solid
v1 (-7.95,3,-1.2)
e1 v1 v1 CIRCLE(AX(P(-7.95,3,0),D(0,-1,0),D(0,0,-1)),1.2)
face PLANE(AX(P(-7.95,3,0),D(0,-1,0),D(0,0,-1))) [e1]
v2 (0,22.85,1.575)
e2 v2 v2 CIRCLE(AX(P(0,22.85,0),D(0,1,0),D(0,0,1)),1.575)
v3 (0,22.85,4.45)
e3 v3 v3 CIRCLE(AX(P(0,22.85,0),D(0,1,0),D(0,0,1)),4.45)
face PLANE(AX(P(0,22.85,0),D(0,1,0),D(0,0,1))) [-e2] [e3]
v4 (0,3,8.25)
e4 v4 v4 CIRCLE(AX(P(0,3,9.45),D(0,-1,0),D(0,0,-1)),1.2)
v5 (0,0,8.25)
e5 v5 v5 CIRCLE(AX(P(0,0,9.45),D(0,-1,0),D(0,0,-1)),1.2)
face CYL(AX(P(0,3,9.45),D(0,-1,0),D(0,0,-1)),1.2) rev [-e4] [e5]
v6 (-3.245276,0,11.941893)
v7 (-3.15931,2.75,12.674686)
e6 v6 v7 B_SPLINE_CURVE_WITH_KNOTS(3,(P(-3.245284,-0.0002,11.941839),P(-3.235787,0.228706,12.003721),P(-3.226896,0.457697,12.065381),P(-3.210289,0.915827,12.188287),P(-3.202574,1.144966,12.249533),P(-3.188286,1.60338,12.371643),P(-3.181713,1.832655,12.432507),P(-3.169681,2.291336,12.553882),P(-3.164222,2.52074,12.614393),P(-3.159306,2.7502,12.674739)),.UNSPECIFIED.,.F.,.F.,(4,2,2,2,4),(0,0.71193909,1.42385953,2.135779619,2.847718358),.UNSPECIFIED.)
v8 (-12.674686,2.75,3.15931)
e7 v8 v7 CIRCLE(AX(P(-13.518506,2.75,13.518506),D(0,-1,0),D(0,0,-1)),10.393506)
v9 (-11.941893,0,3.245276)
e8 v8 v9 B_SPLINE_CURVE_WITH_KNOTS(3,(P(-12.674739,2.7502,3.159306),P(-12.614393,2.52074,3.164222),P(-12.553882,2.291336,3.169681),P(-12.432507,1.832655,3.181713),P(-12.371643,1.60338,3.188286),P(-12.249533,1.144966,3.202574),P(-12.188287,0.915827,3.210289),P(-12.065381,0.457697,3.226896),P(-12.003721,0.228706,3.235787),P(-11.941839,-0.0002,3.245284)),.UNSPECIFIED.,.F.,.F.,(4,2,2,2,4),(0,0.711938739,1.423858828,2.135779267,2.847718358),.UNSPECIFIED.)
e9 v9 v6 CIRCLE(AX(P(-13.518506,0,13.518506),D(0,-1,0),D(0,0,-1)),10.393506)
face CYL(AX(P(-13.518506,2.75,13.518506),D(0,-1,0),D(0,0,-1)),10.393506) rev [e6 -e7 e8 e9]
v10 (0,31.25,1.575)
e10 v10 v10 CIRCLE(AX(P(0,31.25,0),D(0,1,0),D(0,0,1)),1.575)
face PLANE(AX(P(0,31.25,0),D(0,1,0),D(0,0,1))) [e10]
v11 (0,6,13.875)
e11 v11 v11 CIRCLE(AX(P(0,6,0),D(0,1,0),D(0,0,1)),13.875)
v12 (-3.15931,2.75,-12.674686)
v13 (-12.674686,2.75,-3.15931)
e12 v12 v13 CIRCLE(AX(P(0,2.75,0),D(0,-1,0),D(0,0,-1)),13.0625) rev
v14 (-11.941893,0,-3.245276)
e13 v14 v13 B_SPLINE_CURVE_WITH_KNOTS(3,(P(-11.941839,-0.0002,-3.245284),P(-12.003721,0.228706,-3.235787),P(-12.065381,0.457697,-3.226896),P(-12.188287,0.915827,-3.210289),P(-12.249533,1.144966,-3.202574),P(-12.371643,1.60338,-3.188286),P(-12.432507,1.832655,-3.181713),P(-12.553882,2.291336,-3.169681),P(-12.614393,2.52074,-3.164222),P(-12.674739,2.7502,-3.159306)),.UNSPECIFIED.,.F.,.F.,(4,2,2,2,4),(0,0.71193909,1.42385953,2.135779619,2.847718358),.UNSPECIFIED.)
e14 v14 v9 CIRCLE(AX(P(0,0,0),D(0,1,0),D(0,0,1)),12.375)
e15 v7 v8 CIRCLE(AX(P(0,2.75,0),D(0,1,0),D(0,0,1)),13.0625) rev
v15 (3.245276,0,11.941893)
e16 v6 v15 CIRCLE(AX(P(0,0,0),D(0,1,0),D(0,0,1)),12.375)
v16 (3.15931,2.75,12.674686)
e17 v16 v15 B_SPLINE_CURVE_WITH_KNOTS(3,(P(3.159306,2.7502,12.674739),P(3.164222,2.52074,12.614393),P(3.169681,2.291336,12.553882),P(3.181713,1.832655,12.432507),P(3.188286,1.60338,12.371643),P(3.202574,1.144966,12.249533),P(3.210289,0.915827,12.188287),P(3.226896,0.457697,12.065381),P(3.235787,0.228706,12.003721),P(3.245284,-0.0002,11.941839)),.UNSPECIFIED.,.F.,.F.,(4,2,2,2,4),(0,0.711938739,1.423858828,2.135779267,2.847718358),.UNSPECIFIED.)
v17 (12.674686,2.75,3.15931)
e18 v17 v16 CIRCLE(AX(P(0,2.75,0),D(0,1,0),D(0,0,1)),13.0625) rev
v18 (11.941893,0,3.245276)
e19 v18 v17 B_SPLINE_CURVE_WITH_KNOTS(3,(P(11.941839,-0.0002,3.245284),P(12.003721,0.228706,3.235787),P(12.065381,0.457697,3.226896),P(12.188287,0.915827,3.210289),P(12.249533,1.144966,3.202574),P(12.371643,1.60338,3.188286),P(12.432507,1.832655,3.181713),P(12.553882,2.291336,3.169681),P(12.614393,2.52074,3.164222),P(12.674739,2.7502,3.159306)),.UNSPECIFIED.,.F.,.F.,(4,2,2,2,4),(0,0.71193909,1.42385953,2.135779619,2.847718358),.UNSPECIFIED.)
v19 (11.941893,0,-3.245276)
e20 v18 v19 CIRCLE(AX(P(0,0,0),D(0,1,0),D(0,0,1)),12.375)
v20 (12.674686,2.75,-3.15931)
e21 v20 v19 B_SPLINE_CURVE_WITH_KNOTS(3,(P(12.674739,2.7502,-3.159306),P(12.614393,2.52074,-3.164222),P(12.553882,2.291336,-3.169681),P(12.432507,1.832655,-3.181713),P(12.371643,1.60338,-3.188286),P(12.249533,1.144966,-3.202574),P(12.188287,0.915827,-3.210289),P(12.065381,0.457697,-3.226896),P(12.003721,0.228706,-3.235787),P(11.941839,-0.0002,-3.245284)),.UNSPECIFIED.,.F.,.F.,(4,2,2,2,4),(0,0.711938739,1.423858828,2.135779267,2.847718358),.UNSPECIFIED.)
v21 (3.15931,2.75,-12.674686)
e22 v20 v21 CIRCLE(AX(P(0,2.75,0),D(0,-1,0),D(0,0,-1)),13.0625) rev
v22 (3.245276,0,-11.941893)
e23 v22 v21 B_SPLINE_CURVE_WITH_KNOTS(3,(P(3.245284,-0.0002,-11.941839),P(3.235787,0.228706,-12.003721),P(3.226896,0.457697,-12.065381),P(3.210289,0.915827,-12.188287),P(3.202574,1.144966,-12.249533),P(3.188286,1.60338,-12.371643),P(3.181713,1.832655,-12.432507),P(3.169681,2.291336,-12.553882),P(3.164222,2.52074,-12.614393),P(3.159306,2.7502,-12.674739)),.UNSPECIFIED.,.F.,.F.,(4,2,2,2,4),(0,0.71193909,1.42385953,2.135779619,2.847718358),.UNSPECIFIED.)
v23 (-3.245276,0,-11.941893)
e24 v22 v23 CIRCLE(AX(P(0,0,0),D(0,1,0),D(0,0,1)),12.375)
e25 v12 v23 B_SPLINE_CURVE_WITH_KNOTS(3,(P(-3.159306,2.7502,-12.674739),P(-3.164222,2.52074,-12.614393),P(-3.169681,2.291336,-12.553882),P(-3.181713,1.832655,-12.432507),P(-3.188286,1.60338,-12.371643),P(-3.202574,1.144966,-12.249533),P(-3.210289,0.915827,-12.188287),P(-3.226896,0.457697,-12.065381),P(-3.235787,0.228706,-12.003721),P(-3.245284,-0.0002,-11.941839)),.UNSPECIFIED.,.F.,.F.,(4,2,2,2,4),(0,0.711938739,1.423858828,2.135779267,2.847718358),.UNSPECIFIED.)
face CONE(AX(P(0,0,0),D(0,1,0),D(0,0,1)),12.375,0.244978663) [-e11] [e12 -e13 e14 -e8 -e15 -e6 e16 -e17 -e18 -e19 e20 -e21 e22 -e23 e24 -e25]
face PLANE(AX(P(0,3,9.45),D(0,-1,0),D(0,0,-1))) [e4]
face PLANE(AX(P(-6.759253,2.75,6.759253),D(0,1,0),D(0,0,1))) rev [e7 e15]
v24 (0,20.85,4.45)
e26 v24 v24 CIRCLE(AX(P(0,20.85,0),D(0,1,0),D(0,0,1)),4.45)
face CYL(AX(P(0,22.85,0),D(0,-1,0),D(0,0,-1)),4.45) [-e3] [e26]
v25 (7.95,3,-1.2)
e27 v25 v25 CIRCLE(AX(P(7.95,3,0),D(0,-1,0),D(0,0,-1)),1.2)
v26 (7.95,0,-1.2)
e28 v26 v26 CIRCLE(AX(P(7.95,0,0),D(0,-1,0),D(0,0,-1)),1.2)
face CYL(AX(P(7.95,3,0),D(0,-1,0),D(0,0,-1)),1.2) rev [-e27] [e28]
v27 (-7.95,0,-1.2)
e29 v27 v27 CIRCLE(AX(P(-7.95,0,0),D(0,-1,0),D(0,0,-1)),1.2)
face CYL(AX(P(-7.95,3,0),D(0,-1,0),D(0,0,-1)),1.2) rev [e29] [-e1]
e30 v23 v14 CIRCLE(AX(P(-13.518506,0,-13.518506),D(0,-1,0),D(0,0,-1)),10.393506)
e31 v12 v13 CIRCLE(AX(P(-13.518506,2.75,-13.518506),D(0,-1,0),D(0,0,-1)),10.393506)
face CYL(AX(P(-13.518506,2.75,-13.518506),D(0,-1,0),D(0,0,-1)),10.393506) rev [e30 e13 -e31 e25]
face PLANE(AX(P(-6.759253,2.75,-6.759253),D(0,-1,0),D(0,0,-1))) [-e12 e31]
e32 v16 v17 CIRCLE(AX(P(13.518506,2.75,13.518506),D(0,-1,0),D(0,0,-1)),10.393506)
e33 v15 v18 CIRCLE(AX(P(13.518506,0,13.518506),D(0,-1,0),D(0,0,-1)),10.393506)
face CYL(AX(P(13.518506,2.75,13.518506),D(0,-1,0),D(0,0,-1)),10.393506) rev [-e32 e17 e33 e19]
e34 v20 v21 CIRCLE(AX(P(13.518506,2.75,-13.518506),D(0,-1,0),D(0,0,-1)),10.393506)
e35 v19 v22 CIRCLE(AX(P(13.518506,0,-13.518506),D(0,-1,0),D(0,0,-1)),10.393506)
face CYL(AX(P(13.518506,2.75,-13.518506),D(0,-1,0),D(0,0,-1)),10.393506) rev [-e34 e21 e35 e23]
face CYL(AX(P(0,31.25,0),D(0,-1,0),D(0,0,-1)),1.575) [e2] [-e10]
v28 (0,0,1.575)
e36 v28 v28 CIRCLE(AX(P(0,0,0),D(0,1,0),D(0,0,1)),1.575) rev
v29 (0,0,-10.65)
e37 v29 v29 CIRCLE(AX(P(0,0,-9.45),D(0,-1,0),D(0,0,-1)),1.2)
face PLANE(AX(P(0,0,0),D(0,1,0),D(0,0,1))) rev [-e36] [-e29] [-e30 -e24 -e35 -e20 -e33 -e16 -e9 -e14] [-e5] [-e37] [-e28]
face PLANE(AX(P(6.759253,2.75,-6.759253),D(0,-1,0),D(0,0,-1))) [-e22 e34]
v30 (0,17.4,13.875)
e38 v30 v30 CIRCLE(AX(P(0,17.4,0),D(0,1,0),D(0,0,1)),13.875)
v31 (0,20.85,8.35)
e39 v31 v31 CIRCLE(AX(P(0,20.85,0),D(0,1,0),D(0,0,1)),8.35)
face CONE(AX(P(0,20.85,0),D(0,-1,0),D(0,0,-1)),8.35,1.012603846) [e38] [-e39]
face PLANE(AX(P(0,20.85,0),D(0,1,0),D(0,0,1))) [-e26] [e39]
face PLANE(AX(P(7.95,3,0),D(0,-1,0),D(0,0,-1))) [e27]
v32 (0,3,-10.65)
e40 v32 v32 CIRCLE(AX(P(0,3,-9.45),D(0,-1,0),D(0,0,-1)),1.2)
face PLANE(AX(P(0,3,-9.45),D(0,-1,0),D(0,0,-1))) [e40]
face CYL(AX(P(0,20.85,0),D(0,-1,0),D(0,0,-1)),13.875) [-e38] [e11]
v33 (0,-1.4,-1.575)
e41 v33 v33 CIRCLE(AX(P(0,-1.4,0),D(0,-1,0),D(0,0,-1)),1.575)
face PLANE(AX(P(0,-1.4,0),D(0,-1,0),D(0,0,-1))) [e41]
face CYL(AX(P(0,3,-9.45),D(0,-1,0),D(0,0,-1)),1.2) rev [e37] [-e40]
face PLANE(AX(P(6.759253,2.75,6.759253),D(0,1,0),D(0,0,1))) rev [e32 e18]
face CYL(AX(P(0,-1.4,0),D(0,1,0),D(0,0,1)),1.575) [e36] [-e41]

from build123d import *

# Parameters (mm, degrees)
SKETCH1_R      = 13.875
EXTRUDE1_DEPTH = 20.85
SKETCH3_R      = 4.45
EXTRUDE2_DEPTH = 2
EXTRUDE3_DEPTH = 2.75
SKETCH6_R      = 1.575
EXTRUDE4_DEPTH = 8.4
EXTRUDE5_START = 1.4
SKETCH7_R      = 1.575
EXTRUDE5_DEPTH = 1.4
SKETCH8_R      = 1.2
EXTRUDE7_DEPTH = 3


with BuildPart() as part:
    # Sketch1 → Extrude1 (new body)
    with BuildSketch(Plane(origin=(0, 0, 0), x_dir=(1, 0, 0), z_dir=(0, 1, 0))):
        with Locations(Location((0, 0, 0), (0, 0, 270))):
            Circle(SKETCH1_R)
    extrude(amount=EXTRUDE1_DEPTH)

    # Sketch2 → Cut-Revolve1 (revolve, cut)
    with BuildSketch(Plane.XY, mode=Mode.PRIVATE) as cut_revolve1_sk:
        Polygon((8.35, 20.85), (13.875, 17.4), (13.875, 20.85), align=None)
    revolve(cut_revolve1_sk.sketch.rotate(Axis((0, 20.85, 0), (0, -1, 0)), 90), axis=Axis((0, 20.85, 0), (0, -1, 0)), mode=Mode.SUBTRACT)

    # Sketch3 → Extrude2 (add)
    with BuildSketch(Plane(origin=(0, 20.85, 0), x_dir=(1, 0, 0), z_dir=(0, 1, 0))):
        with Locations(Location((0, 0, 0), (0, 0, 270))):
            Circle(SKETCH3_R)
    extrude(amount=EXTRUDE2_DEPTH)

    # Sketch4 → Extrude3 (cut)
    with BuildSketch(Plane.XZ):
        with BuildLine():
            ThreePointArc((-13.518505835, 3.125), (-6.169187379, 6.169187379), (-3.125, 13.518505835))
            ThreePointArc((-3.125, 13.518505835), (-9.811106589, 9.811106589), (-13.518505835, 3.125))
        make_face()
        with BuildLine():
            ThreePointArc((3.125, 13.518505835), (6.169187379, 6.169187379), (13.518505835, 3.125))
            ThreePointArc((13.518505835, 3.125), (9.811106589, 9.811106589), (3.125, 13.518505835))
        make_face()
        with BuildLine():
            ThreePointArc((13.518505835, -3.125), (6.169187379, -6.169187379), (3.125, -13.518505835))
            ThreePointArc((3.125, -13.518505835), (9.811106589, -9.811106589), (13.518505835, -3.125))
        make_face()
        with BuildLine():
            ThreePointArc((-3.125, -13.518505835), (-6.169187379, -6.169187379), (-13.518505835, -3.125))
            ThreePointArc((-13.518505835, -3.125), (-9.811106589, -9.811106589), (-3.125, -13.518505835))
        make_face()
    extrude(amount=-EXTRUDE3_DEPTH, mode=Mode.SUBTRACT)

    # Sketch5 → Cut-Revolve2 (revolve, cut)
    with BuildSketch(Plane(origin=(0, 0, 0), x_dir=(0, 0, -1), z_dir=(1, 0, 0))):
        Polygon((-13.875, 0), (-12.375, 0), (-13.875, 6), align=None)
    revolve(axis=Axis((0, 20.85, 0), (0, -1, 0)), mode=Mode.SUBTRACT)

    # Sketch6 → Extrude4 (add)
    with BuildSketch(Plane(origin=(0, 22.85, 0), x_dir=(-1, 0, 0), z_dir=(0, 1, 0))):
        with Locations(Location((0, 0, 0), (0, 0, 90))):
            Circle(SKETCH6_R)
    extrude(amount=EXTRUDE4_DEPTH)

    # Sketch7 → Extrude5 (add)
    with BuildSketch(Plane.XZ.offset(EXTRUDE5_START)):
        with Locations(Location((0, 0, 0), (0, 0, 90))):
            Circle(SKETCH7_R)
    extrude(amount=-EXTRUDE5_DEPTH)

    # Sketch8 → Extrude7 (cut)
    with BuildSketch(Plane.XZ):
        with Locations(Location((-7.95, 0, 0), (0, 0, 270))):
            Circle(SKETCH8_R)
        with Locations(Location((7.95, 0, 0), (0, 0, 270))):
            Circle(SKETCH8_R)
        with Locations(Location((0, 9.45, 0), (0, 0, 270))):
            Circle(SKETCH8_R)
        with Locations(Location((0, -9.45, 0), (0, 0, 270))):
            Circle(SKETCH8_R)
    extrude(amount=-EXTRUDE7_DEPTH, mode=Mode.SUBTRACT)


solid = part.part
